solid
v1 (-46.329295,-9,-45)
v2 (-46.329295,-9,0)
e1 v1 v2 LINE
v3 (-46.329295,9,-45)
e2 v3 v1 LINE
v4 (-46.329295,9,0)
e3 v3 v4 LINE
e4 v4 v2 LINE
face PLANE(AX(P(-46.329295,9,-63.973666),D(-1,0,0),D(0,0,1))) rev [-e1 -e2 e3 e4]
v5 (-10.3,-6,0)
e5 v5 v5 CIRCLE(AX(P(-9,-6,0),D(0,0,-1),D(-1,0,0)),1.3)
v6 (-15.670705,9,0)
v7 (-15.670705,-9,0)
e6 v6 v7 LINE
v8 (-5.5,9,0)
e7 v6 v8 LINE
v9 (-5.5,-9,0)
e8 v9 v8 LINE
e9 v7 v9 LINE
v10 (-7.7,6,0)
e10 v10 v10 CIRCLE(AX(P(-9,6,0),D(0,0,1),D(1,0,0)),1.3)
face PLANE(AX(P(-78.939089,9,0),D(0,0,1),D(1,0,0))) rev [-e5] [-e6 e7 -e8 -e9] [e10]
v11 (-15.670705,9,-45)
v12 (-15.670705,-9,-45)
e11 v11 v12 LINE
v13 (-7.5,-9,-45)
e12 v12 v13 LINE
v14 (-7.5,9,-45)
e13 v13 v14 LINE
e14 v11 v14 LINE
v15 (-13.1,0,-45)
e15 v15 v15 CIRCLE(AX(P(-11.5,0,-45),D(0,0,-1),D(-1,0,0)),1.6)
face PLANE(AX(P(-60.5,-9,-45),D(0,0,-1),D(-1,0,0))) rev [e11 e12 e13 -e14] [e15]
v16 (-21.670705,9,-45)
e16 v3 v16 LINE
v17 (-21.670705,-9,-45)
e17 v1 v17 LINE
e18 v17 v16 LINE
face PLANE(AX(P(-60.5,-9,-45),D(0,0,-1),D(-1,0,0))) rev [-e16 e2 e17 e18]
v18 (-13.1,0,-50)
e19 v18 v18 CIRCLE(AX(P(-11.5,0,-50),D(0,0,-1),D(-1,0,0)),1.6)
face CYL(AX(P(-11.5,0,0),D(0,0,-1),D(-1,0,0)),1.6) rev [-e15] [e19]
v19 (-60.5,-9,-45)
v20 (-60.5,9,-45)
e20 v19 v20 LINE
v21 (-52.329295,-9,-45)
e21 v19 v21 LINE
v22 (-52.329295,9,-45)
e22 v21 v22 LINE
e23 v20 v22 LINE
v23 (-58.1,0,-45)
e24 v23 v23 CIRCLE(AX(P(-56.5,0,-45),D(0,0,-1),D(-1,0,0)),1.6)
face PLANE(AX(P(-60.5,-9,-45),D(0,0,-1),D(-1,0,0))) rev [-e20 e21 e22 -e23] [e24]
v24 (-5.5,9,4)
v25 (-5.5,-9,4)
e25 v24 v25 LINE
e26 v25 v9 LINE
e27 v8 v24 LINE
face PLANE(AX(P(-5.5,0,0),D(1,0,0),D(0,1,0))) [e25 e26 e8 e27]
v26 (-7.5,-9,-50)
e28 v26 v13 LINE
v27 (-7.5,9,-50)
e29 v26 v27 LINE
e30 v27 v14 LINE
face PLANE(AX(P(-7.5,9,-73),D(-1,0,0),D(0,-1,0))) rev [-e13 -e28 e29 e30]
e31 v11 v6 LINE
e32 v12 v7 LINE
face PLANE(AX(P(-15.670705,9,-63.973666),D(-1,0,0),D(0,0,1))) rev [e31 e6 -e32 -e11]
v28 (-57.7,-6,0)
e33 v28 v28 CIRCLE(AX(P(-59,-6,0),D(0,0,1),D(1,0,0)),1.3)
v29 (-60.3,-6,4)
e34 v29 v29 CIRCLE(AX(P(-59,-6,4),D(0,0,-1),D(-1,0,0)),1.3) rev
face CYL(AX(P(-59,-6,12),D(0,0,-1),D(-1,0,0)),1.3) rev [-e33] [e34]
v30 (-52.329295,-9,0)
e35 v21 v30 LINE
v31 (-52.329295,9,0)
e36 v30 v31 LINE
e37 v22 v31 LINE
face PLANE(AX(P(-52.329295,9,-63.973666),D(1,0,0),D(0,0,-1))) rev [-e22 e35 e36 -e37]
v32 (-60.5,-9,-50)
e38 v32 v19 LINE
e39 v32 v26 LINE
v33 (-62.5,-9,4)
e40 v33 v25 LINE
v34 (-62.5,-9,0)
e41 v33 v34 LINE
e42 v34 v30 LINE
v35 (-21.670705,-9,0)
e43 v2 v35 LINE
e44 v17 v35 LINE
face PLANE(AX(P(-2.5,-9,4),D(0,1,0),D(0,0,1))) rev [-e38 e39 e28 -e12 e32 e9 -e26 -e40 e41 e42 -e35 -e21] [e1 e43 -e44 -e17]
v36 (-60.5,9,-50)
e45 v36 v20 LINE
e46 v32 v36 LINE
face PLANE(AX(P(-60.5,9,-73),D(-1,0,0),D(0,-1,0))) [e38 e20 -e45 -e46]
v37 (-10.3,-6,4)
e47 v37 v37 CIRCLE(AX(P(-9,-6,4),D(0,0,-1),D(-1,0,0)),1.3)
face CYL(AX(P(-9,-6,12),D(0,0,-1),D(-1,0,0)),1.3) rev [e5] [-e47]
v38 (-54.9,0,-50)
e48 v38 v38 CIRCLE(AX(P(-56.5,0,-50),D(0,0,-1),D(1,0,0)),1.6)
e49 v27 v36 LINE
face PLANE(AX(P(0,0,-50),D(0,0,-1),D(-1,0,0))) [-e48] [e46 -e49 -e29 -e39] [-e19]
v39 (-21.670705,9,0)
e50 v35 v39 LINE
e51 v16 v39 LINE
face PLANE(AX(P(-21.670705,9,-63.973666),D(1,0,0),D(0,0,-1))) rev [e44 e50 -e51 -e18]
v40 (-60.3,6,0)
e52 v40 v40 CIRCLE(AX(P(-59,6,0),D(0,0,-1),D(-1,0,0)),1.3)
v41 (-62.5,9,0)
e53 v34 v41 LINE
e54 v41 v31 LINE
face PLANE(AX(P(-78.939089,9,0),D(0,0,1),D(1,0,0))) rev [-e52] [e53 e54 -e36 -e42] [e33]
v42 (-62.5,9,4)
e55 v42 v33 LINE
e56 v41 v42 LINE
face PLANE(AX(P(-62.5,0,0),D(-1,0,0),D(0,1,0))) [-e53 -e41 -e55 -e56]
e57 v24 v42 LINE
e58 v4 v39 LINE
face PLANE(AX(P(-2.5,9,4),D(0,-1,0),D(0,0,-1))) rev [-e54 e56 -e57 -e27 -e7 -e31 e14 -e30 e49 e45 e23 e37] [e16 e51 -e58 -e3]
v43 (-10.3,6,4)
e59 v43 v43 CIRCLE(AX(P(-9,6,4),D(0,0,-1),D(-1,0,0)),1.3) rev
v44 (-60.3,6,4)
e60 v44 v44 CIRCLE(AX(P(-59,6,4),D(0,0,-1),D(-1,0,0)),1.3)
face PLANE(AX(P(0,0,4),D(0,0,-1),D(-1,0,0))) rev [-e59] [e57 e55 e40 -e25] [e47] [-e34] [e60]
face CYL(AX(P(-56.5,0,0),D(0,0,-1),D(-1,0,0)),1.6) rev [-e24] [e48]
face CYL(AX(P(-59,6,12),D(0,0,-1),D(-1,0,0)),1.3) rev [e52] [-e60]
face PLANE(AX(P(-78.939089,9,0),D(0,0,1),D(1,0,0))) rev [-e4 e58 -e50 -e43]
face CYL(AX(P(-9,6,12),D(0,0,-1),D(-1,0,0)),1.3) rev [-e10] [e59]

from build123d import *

# Parameters (mm, degrees)
SKETCH_1_W           = 5
SKETCH_1_H           = 18
SKETCH_1_R           = 1.3
EXTRUDE_1_DEPTH      = 4
SKETCH_2_W           = 5
SKETCH_2_H           = 18
EXTRUDE_2_DEPTH      = 54
SKETCH_3_W           = 5
SKETCH_3_H           = 18
EXTRUDE_3_DEPTH      = 53
SKETCH_4_R           = 1.6
CUT_EXTRUDE_1_DEPTH  = 50
SKETCH_8_W           = 4
SKETCH_8_H           = 18
EXTRUDE_4_DEPTH      = 53
SKETCH_9_R           = 1.3
CUT_EXTRUDE_6_DEPTH  = 12
SKETCH_14_W          = 4
SKETCH_14_H          = 18
CUT_EXTRUDE_8_DEPTH  = 5
SKETCH_15_W          = 4
SKETCH_15_H          = 18
CUT_EXTRUDE_9_DEPTH  = 5
SKETCH_16_W          = 6
SKETCH_16_H          = 18
EXTRUDE_5_DEPTH      = 45
SKETCH_17_W          = 5
SKETCH_17_H          = 18
CUT_EXTRUDE_10_DEPTH = 77
SKETCH_19_W          = 4
SKETCH_19_H          = 18
EXTRUDE_6_DEPTH      = 2


with BuildPart() as part:
    # 草图1 → 凸台-拉伸1 (new body)
    with BuildSketch(Plane.XY):
        Rectangle(SKETCH_1_W, SKETCH_1_H)
        with Locations((0, -6)):
            Circle(SKETCH_1_R, mode=Mode.SUBTRACT)
        with Locations(Location((0, 6, 0), (0, 0, 180))):
            Circle(SKETCH_1_R, mode=Mode.SUBTRACT)
    extrude_1 = extrude(amount=EXTRUDE_1_DEPTH)

    # 草图2 → 凸台-拉伸2 (add)
    with BuildSketch(Plane.XY.offset(4)):
        with Locations((-5, 0)):
            Rectangle(SKETCH_2_W, SKETCH_2_H)
    extrude_2 = extrude(amount=-EXTRUDE_2_DEPTH)

    # 草图3 → 凸台-拉伸3 (add)
    with BuildSketch(Plane.ZY.offset(7.5)):
        with Locations((-47.5, 0)):
            Rectangle(SKETCH_3_W, SKETCH_3_H)
    extrude(amount=EXTRUDE_3_DEPTH)

    # 镜向1: 凸台-拉伸2 across plane
    add(extrude_2.mirror(Plane.ZY.offset(34)))

    # 镜向2: 凸台-拉伸1 across plane
    add(extrude_1.mirror(Plane.ZY.offset(34)))

    # 草图4 → 切除-拉伸1 (cut)
    with BuildSketch(Plane(origin=(0, 0, -50), x_dir=(-1, 0, 0), z_dir=(0, 0, -1))):
        with Locations((11.5, 0)):
            Circle(SKETCH_4_R)
        with Locations((56.5, 0)):
            Circle(SKETCH_4_R)
    extrude(amount=-CUT_EXTRUDE_1_DEPTH, mode=Mode.SUBTRACT)

    # 草图8 → 凸台-拉伸4 (add)
    with BuildSketch(Plane.ZY.offset(7.5)):
        with Locations((2, 0)):
            Rectangle(SKETCH_8_W, SKETCH_8_H)
    extrude(amount=EXTRUDE_4_DEPTH)

    # 草图9 → 切除-拉伸6 (cut)
    with BuildSketch(Plane(origin=(0, 0, 0), x_dir=(-1, 0, 0), z_dir=(0, 0, -1))):
        with Locations((59, 6)):
            Circle(SKETCH_9_R)
        with Locations((59, -6)):
            Circle(SKETCH_9_R)
        with Locations((9, -6)):
            Circle(SKETCH_9_R)
        with Locations((9, 6)):
            Circle(SKETCH_9_R)
    extrude(amount=-CUT_EXTRUDE_6_DEPTH, mode=Mode.SUBTRACT)

    # 草图14 → 切除-拉伸8 (cut)
    with BuildSketch(Plane(origin=(2.5, 0, 0), x_dir=(0, 0, -1), z_dir=(1, 0, 0))):
        with Locations((-2, 0)):
            Rectangle(SKETCH_14_W, SKETCH_14_H)
    extrude(amount=-CUT_EXTRUDE_8_DEPTH, mode=Mode.SUBTRACT)

    # 草图15 → 切除-拉伸9 (cut)
    with BuildSketch(Plane.ZY.offset(70.5)):
        with Locations((2, 0)):
            Rectangle(SKETCH_15_W, SKETCH_15_H)
    extrude(amount=-CUT_EXTRUDE_9_DEPTH, mode=Mode.SUBTRACT)

    # 草图16 → 凸台-拉伸5 (add)
    with BuildSketch(Plane(origin=(0, 0, 0), x_dir=(-1, 0, 0), z_dir=(0, 0, -1))):
        with Locations((18.670705093, 0)):
            Rectangle(SKETCH_16_W, SKETCH_16_H)
        with Locations((49.329294907, 0)):
            Rectangle(SKETCH_16_W, SKETCH_16_H)
    extrude_5 = extrude(amount=EXTRUDE_5_DEPTH)

    # 草图17 → 切除-拉伸10 (cut)
    with BuildSketch(Plane.XY.offset(4)):
        with Locations((-5, 0)):
            Rectangle(SKETCH_17_W, SKETCH_17_H)
    cut_extrude_10 = extrude(amount=-CUT_EXTRUDE_10_DEPTH, mode=Mode.SUBTRACT)

    # 草图19 → 凸台-拉伸6 (add)
    with BuildSketch(Plane(origin=(-7.5, 0, 0), x_dir=(0, 0, -1), z_dir=(1, 0, 0))):
        with Locations((-2, 0)):
            Rectangle(SKETCH_19_W, SKETCH_19_H)
    extrude_6 = extrude(amount=EXTRUDE_6_DEPTH)

    # 镜向3: 凸台-拉伸5, 切除-拉伸10, 凸台-拉伸6 across plane
    add(extrude_5.mirror(Plane.ZY.offset(34)))
    add(cut_extrude_10.mirror(Plane.ZY.offset(34)), mode=Mode.SUBTRACT)
    add(extrude_6.mirror(Plane.ZY.offset(34)))


solid = part.part
